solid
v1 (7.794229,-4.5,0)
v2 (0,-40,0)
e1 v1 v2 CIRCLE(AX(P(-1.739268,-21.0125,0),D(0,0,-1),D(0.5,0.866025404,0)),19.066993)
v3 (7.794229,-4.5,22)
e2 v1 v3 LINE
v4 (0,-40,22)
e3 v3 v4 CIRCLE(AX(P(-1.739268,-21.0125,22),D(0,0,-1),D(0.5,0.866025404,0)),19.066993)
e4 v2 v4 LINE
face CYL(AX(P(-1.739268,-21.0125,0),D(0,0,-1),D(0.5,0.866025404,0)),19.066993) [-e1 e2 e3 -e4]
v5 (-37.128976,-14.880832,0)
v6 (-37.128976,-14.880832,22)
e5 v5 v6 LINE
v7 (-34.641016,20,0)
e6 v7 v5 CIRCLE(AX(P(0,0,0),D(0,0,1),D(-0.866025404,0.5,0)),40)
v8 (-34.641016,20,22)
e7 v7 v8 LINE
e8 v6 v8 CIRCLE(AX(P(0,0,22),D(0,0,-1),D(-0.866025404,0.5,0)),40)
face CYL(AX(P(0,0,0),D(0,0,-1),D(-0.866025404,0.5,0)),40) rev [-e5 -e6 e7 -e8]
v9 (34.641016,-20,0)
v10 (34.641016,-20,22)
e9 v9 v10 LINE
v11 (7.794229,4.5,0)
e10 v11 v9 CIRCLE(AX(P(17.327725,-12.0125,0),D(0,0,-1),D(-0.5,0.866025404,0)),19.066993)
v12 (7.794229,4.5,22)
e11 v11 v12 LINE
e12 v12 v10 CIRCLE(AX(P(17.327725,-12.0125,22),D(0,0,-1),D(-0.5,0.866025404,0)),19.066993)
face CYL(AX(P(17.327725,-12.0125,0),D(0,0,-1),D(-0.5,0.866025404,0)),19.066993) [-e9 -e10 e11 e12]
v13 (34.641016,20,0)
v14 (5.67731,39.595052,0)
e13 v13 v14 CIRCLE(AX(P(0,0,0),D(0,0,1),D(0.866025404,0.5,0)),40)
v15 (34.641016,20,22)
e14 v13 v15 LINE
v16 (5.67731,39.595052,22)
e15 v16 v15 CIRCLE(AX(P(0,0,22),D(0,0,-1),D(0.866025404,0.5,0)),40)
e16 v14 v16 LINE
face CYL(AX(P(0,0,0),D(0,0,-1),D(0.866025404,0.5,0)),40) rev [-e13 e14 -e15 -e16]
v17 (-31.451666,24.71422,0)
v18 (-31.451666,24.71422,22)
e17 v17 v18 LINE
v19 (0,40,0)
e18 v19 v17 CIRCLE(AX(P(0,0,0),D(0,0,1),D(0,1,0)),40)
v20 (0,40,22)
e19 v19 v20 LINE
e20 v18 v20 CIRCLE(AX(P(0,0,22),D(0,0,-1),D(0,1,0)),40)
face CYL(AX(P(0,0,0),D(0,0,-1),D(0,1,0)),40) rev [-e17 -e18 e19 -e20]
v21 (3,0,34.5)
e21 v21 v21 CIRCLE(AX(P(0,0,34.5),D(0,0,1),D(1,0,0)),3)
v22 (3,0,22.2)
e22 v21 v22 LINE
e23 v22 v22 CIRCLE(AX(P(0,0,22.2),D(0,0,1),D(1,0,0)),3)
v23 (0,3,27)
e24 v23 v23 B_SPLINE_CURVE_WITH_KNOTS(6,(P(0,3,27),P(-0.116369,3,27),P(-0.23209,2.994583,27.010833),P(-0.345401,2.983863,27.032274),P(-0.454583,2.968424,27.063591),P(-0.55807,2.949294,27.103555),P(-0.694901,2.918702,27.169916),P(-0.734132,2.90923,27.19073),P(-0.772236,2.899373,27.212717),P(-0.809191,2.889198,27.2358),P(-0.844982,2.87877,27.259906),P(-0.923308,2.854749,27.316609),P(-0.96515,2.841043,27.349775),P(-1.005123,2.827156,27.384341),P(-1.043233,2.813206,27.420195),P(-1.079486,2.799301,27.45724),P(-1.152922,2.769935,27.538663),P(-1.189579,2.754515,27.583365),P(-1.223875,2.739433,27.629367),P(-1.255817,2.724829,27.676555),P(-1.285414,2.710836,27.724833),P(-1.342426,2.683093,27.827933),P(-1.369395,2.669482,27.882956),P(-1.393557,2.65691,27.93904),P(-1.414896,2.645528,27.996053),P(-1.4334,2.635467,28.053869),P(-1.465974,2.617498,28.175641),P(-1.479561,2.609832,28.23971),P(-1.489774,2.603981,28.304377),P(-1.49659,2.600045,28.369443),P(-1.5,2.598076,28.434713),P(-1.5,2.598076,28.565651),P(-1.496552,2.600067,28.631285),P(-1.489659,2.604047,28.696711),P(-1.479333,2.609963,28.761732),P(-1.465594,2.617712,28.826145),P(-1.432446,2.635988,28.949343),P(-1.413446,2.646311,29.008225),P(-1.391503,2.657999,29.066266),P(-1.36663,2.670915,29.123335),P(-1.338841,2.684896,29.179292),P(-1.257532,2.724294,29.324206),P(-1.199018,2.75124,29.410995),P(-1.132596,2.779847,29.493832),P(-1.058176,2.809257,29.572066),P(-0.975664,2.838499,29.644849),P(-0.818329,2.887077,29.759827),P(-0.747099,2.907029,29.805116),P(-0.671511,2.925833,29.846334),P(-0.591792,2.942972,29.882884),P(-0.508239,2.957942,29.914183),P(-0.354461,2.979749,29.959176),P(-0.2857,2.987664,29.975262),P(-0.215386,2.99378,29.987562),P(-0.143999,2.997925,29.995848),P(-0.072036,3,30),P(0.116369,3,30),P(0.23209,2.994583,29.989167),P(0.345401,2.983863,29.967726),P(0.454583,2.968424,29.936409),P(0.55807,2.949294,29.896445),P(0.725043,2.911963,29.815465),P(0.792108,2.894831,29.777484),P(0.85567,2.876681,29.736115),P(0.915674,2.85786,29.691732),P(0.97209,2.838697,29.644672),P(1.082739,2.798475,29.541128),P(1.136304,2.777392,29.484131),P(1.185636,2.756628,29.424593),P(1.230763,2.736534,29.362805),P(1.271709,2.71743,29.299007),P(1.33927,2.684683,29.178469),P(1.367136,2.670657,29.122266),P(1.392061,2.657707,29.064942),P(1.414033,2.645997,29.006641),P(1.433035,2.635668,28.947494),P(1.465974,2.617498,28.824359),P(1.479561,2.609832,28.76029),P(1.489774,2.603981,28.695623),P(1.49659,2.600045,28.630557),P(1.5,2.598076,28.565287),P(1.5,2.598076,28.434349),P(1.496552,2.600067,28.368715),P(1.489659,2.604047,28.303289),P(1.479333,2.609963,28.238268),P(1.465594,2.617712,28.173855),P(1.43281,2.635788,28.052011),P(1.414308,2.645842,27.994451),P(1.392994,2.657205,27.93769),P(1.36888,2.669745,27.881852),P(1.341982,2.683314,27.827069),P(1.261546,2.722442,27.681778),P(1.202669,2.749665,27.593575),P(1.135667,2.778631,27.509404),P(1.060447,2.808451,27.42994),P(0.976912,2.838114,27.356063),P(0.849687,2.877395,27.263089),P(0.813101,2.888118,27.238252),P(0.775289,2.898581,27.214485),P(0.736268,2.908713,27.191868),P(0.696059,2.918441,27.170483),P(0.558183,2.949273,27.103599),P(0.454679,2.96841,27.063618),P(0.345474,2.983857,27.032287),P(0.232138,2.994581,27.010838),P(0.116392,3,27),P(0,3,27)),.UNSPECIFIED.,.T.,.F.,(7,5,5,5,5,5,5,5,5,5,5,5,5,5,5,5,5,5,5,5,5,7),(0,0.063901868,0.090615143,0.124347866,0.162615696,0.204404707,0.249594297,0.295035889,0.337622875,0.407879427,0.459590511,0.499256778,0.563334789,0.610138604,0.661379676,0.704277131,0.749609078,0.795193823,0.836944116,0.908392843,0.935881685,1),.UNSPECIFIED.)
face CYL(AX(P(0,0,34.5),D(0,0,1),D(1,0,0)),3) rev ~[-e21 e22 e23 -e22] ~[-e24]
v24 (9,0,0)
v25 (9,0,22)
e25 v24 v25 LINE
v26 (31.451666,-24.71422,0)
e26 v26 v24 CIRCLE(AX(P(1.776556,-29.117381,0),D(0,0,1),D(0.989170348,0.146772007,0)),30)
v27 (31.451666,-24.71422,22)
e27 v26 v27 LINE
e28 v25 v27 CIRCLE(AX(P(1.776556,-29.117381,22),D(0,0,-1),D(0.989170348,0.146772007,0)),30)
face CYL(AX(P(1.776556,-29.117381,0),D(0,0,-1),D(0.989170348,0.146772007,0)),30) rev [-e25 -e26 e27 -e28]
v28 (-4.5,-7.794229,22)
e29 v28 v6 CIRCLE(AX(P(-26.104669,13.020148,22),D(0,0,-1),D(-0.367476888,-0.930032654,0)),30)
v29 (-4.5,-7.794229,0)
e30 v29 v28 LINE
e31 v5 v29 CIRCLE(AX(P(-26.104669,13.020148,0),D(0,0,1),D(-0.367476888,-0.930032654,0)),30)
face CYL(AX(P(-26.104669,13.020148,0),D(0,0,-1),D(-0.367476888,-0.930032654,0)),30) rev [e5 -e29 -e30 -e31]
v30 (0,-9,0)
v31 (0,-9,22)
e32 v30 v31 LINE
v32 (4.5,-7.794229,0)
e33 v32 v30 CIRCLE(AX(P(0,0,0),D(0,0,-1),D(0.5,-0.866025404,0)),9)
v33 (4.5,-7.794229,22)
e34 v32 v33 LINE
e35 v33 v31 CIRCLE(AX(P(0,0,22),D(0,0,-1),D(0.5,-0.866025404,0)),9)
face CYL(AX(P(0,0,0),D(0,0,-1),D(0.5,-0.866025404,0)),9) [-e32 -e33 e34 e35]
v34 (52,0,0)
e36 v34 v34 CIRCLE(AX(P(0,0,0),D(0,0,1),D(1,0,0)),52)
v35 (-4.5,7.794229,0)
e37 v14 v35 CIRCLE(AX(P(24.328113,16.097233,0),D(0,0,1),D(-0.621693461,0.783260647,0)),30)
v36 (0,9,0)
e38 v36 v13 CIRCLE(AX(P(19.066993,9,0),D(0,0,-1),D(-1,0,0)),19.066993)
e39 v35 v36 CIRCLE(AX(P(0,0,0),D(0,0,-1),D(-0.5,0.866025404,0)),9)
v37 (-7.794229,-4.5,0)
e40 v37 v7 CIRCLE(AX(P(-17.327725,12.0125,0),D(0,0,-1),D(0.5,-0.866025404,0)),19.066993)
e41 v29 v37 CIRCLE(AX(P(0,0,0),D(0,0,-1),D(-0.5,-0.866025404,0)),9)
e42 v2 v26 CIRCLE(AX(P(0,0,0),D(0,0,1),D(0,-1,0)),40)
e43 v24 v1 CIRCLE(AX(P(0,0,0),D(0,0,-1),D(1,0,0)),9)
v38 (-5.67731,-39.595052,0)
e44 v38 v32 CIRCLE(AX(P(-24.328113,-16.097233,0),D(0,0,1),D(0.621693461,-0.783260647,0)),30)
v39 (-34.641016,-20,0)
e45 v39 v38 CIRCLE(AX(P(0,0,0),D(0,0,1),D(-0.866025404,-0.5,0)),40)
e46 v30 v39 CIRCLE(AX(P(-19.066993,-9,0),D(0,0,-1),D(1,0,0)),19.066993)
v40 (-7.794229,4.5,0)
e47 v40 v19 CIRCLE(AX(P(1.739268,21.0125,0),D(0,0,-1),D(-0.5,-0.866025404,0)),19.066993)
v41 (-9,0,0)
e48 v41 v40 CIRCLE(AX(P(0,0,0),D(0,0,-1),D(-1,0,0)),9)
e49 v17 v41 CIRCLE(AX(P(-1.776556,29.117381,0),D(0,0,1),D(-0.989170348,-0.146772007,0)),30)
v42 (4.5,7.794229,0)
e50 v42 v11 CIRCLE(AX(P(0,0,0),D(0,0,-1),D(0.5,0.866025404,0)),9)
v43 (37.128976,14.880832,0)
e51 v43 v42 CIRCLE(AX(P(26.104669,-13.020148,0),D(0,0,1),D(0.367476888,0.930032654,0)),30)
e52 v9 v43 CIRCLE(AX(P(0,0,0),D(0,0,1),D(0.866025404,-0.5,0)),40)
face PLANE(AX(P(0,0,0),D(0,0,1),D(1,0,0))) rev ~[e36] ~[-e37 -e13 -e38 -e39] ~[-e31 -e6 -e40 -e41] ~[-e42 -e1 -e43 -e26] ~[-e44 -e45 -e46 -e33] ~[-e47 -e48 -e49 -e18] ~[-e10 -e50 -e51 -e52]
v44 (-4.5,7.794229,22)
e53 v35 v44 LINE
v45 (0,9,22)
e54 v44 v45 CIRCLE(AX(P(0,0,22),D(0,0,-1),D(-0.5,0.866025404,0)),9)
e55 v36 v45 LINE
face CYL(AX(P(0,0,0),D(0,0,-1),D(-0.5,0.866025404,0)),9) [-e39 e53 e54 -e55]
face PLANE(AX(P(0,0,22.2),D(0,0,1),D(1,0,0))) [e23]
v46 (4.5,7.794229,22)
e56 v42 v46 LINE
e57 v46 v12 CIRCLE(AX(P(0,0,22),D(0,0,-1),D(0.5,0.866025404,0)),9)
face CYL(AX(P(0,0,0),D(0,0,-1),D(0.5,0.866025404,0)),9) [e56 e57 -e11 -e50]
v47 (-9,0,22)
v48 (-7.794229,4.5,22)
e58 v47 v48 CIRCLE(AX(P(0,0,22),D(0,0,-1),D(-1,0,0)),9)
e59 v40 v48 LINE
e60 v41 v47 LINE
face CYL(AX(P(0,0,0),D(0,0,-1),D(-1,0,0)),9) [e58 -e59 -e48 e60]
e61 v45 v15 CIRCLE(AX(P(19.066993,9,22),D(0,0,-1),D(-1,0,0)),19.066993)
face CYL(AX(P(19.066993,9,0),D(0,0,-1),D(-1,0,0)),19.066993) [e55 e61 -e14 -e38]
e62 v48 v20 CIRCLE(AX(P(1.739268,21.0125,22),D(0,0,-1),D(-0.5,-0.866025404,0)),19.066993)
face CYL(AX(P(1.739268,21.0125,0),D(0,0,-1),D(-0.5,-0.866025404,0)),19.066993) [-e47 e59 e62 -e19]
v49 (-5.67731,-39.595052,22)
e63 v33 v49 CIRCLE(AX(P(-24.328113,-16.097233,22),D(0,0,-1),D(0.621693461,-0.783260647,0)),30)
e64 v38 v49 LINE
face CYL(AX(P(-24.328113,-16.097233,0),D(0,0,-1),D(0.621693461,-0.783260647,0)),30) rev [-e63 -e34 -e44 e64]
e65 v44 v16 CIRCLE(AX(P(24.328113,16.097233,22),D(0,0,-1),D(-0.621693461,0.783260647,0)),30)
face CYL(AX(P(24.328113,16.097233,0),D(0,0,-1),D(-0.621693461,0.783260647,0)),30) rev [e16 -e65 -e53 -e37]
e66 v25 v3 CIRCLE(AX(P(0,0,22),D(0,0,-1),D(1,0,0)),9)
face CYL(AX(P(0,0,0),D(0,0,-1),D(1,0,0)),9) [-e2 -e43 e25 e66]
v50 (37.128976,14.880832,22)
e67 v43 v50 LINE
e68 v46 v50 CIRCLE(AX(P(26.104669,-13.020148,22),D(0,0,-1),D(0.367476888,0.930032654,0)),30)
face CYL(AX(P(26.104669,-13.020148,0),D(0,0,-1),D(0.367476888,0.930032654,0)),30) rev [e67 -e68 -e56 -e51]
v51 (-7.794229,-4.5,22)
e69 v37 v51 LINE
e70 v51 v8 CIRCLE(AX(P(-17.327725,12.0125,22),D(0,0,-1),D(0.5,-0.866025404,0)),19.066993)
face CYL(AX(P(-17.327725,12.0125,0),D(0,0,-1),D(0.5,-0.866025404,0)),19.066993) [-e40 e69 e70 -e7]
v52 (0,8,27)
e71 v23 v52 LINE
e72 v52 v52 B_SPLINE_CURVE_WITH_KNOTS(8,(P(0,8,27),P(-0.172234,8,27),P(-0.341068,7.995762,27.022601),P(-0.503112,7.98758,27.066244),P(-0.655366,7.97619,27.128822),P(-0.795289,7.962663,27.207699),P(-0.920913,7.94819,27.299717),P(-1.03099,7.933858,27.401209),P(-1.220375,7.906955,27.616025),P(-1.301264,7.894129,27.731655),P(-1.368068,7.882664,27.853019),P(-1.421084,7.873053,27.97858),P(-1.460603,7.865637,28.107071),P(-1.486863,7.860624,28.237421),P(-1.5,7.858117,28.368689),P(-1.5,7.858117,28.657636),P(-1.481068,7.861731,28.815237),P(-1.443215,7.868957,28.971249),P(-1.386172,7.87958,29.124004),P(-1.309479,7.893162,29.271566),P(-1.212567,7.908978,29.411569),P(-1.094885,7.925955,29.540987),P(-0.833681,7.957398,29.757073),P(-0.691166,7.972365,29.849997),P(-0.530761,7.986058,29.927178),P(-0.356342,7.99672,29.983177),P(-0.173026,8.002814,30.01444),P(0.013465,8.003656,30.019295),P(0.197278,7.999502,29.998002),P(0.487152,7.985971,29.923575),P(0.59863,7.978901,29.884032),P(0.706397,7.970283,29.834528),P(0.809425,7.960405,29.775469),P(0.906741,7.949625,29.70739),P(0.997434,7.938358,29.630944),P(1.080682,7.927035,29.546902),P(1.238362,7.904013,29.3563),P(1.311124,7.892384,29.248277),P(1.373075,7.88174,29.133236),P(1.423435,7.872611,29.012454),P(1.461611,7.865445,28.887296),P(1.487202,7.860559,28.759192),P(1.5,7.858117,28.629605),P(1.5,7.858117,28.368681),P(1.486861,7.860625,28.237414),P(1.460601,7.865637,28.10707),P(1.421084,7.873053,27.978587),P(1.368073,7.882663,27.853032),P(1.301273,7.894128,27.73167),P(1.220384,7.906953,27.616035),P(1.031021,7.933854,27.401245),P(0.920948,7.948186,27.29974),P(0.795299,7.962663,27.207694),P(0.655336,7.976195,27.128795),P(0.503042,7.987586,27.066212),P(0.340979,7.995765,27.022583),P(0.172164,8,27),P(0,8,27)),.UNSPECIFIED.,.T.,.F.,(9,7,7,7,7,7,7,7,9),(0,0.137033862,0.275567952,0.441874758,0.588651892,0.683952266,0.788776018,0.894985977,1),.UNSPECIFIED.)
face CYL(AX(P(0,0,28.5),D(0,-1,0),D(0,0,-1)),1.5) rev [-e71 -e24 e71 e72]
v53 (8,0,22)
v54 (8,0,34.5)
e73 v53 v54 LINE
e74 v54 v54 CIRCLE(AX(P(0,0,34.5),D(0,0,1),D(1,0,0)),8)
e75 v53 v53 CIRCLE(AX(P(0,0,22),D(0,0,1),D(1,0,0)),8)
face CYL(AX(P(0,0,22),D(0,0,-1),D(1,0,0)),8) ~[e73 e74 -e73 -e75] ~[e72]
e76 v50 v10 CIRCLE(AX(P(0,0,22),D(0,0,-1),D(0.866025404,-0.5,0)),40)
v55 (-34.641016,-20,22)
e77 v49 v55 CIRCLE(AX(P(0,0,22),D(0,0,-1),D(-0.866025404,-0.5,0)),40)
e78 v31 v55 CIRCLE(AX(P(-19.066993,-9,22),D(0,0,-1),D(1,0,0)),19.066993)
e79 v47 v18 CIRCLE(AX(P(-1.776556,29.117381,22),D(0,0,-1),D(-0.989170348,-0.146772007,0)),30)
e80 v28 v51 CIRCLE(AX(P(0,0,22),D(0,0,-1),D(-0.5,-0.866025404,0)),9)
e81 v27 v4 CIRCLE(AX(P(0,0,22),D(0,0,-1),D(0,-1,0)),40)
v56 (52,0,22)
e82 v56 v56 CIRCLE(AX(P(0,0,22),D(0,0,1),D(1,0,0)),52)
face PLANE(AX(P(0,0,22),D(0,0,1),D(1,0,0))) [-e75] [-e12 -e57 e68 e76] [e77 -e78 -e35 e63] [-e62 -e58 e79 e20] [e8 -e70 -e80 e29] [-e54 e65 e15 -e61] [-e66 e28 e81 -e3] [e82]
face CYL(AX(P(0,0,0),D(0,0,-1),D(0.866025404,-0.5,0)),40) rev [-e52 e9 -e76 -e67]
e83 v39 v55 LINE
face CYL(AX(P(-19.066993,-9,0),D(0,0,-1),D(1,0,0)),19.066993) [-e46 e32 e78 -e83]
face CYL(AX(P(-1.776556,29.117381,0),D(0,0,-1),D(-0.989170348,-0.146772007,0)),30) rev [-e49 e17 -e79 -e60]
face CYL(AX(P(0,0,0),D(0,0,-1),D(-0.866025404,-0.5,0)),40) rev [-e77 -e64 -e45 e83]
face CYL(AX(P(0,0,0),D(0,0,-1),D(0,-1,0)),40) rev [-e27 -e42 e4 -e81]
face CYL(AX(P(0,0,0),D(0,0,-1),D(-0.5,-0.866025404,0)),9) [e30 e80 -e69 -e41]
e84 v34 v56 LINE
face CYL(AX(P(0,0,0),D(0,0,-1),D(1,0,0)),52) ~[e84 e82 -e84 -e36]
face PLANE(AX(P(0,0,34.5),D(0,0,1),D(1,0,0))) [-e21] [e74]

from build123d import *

# Parameters (mm, degrees)
SKETCH1_R             = 52
WHEEL_DEPTH           = 22
SKETCH2_R             = 8
BOSS_DEPTH            = 12.5
SKETCH3_R             = 3
BORE_DEPTH            = 12.3
SKETCH4_R             = 1.5
GRUB_SCREW_HOLE_DEPTH = 82.229612827
SPOKE_CUT_DEPTH       = 82.229612869
SPOKES_CUT_COUNT      = 6


with BuildPart() as part:
    # Sketch1 → wheel (new body)
    with BuildSketch(Plane.XY):
        Circle(SKETCH1_R)
    extrude(amount=WHEEL_DEPTH)

    # Sketch2 → boss (add)
    with BuildSketch(Plane.XY.offset(22)):
        Circle(SKETCH2_R)
    extrude(amount=BOSS_DEPTH)

    # Sketch3 → bore (cut)
    with BuildSketch(Plane.XY.offset(34.5)):
        Circle(SKETCH3_R)
    extrude(amount=-BORE_DEPTH, mode=Mode.SUBTRACT)

    # Sketch4 → grub screw hole (cut, through all)
    with BuildSketch(Plane(origin=(0, 0, 0), x_dir=(1, 0, 0), z_dir=(0, 1, 0))):
        with Locations(Location((0, -28.5, 0), (0, 0, 90))):
            Circle(SKETCH4_R)
    extrude(amount=GRUB_SCREW_HOLE_DEPTH, mode=Mode.SUBTRACT)

    # Sketch5 → spoke cut (cut, through all)
    with BuildSketch(Plane(origin=(0, 0, 0), x_dir=(-1, 0, 0), z_dir=(0, 0, -1))):
        with BuildLine():
            ThreePointArc((7.794228634, 4.5), (16.884139684, 25.101375915), (0, 40))
            ThreePointArc((0, 40), (17.484724527, 35.976164446), (31.451666243, 24.714220411))
            ThreePointArc((31.451666243, 24.714220411), (23.981825586, 8.94497388), (9, 0))
            ThreePointArc((9, 0), (8.693332437, 2.329371406), (7.794228634, 4.5))
        make_face()
    spoke_cut = extrude(amount=-SPOKE_CUT_DEPTH, mode=Mode.SUBTRACT)

    # spokes cut: spoke cut ×6 about axis
    spokes_cut_axis = Axis((0, 0, 0), (0, 0, 1))
    for i in range(1, SPOKES_CUT_COUNT):
        add(spoke_cut.rotate(spokes_cut_axis, i * 360 / SPOKES_CUT_COUNT), mode=Mode.SUBTRACT)


solid = part.part
